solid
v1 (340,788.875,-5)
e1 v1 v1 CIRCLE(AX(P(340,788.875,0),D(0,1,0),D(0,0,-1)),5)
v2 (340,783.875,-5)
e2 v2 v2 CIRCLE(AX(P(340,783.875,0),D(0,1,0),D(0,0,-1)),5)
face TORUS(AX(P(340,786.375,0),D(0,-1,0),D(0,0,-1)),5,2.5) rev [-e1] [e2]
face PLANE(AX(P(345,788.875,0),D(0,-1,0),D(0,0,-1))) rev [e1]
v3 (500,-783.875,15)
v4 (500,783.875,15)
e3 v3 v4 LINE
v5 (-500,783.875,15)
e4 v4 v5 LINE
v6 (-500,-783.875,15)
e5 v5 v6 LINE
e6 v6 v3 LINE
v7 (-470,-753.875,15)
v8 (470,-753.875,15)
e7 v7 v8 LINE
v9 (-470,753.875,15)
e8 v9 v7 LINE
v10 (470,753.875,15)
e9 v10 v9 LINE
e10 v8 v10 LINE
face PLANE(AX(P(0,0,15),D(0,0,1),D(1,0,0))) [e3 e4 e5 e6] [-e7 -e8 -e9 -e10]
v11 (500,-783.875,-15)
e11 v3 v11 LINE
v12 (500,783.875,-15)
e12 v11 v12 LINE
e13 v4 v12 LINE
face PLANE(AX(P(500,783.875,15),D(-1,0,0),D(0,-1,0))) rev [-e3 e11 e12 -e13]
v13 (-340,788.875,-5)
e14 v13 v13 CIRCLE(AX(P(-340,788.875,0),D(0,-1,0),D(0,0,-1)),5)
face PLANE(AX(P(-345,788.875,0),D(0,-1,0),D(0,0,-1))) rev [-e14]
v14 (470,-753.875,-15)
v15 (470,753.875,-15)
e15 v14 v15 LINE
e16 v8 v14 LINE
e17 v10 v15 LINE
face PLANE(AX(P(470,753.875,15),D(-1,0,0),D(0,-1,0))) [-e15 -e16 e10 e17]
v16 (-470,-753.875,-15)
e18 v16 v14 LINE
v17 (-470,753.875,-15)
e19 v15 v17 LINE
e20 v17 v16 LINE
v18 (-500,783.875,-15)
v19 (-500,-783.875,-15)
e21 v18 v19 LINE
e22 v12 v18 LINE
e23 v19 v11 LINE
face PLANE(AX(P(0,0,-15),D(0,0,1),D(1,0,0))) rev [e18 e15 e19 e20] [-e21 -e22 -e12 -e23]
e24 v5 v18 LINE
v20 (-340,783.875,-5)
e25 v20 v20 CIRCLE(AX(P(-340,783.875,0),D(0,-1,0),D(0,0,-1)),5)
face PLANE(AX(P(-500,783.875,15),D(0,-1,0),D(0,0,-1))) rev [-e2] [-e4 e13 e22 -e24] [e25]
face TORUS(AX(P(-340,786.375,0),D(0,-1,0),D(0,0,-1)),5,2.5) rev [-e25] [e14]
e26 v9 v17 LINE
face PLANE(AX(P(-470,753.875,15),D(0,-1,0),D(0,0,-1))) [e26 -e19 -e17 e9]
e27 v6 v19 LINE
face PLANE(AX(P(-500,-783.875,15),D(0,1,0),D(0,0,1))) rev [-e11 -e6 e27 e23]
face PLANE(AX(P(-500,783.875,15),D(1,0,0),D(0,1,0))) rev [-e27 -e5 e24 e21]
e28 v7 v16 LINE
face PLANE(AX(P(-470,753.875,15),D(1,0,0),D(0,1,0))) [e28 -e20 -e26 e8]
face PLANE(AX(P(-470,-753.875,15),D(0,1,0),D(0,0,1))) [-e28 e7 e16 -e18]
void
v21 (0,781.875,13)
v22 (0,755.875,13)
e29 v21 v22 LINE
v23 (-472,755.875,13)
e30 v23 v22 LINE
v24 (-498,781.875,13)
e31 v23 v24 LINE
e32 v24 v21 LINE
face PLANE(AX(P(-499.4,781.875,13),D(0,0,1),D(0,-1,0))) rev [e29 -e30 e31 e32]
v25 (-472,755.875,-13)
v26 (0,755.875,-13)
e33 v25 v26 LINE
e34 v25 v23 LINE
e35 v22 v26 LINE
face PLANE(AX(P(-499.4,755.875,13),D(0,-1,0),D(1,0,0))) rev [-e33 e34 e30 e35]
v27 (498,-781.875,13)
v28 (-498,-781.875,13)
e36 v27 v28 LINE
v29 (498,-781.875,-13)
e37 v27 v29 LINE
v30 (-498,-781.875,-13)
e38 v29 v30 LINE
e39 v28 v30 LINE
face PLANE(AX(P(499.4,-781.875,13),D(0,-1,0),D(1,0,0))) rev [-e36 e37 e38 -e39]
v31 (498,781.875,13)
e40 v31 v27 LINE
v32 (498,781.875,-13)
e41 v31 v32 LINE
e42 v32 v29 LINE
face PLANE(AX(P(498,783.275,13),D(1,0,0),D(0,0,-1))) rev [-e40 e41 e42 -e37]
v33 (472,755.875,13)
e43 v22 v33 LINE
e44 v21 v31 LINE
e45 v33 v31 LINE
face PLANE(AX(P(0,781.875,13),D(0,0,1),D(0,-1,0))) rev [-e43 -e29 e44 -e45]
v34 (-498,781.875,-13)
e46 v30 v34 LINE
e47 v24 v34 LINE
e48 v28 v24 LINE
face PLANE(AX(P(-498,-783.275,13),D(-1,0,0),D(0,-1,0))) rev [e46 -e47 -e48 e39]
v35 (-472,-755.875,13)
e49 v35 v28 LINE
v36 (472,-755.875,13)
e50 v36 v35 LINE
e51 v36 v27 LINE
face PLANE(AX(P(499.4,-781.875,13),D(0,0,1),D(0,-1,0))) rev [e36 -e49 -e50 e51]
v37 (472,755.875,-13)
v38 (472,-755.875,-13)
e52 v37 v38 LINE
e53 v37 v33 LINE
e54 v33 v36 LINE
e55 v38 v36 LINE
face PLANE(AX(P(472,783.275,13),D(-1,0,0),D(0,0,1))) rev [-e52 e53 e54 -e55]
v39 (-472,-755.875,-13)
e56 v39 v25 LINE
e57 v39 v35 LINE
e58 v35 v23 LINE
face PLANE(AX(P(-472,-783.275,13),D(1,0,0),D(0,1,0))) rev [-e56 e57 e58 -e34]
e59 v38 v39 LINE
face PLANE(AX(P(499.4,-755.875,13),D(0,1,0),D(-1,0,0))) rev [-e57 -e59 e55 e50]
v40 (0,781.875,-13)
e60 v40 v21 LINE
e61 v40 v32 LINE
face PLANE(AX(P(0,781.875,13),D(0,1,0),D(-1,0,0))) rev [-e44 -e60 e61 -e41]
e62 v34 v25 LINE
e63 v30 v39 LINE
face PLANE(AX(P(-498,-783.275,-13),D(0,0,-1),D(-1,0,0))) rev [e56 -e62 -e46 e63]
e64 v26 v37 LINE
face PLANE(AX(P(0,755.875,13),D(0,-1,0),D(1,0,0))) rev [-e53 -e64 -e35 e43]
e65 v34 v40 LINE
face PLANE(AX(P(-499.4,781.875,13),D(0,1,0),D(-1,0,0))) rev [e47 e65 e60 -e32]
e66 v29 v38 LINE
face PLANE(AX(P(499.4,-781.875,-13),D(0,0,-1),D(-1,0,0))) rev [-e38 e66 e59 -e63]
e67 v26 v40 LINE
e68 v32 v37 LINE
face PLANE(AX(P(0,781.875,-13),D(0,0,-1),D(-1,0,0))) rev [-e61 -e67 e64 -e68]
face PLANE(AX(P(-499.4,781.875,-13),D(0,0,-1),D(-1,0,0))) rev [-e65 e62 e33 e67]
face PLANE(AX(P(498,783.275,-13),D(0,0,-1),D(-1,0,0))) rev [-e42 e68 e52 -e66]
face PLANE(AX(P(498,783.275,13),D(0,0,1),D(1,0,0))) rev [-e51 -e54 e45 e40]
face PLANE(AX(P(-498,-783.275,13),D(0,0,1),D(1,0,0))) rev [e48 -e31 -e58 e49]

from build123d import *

# Parameters (mm, degrees)
SKETCH1_W           = 1000
SKETCH1_H           = 1567.75
SKETCH1_W_2         = 940
SKETCH1_H_2         = 1507.75
BOSS_EXTRUDE1_DEPTH = 15
SKETCH2_W           = 26
SKETCH2_H           = 26


with BuildPart() as part:
    # Sketch1 → Boss-Extrude1 (new body, symmetric)
    with BuildSketch(Plane.XY):
        Rectangle(SKETCH1_W, SKETCH1_H)
        Rectangle(SKETCH1_W_2, SKETCH1_H_2, mode=Mode.SUBTRACT)
    extrude(amount=BOSS_EXTRUDE1_DEPTH, both=True)

    # Cut-Sweep1: sweep along a path in Sketch4
    with BuildLine(Plane.XY) as cut_sweep1_path:
        Line((-485, 768.875), (-485, -768.875))
        Line((-485, -768.875), (485, -768.875))
        Line((485, -768.875), (485, 768.875))
        Line((485, 768.875), (-485, 768.875))
    # Sketch2 → Cut-Sweep1 (sweep, cut)
    with BuildSketch(Plane(origin=(0, 0, 0), x_dir=(0, 0, -1), z_dir=(1, 0, 0))):
        with Locations((0, 768.875)):
            Rectangle(SKETCH2_W, SKETCH2_H)
    sweep(path=cut_sweep1_path.line, transition=Transition.RIGHT, mode=Mode.SUBTRACT)

    # Sketch7 → Revolve1 (revolve)
    with BuildSketch(Plane.XY):
        with BuildLine():
            Line((-340, 783.875), (-340, 788.875))
            Line((-340, 788.875), (-345, 788.875))
            ThreePointArc((-345, 788.875), (-342.5, 786.375), (-345, 783.875))
            Line((-345, 783.875), (-340, 783.875))
        make_face()
    revolve1 = revolve(axis=Axis((-340, 795.104340353, 0), (0, 1, 0)))

    # Mirror1: Revolve1 across plane
    add(revolve1.mirror(Plane(origin=(0, 0, 0), x_dir=(0, 0, 1), z_dir=(1, 0, 0))))


solid = part.part
